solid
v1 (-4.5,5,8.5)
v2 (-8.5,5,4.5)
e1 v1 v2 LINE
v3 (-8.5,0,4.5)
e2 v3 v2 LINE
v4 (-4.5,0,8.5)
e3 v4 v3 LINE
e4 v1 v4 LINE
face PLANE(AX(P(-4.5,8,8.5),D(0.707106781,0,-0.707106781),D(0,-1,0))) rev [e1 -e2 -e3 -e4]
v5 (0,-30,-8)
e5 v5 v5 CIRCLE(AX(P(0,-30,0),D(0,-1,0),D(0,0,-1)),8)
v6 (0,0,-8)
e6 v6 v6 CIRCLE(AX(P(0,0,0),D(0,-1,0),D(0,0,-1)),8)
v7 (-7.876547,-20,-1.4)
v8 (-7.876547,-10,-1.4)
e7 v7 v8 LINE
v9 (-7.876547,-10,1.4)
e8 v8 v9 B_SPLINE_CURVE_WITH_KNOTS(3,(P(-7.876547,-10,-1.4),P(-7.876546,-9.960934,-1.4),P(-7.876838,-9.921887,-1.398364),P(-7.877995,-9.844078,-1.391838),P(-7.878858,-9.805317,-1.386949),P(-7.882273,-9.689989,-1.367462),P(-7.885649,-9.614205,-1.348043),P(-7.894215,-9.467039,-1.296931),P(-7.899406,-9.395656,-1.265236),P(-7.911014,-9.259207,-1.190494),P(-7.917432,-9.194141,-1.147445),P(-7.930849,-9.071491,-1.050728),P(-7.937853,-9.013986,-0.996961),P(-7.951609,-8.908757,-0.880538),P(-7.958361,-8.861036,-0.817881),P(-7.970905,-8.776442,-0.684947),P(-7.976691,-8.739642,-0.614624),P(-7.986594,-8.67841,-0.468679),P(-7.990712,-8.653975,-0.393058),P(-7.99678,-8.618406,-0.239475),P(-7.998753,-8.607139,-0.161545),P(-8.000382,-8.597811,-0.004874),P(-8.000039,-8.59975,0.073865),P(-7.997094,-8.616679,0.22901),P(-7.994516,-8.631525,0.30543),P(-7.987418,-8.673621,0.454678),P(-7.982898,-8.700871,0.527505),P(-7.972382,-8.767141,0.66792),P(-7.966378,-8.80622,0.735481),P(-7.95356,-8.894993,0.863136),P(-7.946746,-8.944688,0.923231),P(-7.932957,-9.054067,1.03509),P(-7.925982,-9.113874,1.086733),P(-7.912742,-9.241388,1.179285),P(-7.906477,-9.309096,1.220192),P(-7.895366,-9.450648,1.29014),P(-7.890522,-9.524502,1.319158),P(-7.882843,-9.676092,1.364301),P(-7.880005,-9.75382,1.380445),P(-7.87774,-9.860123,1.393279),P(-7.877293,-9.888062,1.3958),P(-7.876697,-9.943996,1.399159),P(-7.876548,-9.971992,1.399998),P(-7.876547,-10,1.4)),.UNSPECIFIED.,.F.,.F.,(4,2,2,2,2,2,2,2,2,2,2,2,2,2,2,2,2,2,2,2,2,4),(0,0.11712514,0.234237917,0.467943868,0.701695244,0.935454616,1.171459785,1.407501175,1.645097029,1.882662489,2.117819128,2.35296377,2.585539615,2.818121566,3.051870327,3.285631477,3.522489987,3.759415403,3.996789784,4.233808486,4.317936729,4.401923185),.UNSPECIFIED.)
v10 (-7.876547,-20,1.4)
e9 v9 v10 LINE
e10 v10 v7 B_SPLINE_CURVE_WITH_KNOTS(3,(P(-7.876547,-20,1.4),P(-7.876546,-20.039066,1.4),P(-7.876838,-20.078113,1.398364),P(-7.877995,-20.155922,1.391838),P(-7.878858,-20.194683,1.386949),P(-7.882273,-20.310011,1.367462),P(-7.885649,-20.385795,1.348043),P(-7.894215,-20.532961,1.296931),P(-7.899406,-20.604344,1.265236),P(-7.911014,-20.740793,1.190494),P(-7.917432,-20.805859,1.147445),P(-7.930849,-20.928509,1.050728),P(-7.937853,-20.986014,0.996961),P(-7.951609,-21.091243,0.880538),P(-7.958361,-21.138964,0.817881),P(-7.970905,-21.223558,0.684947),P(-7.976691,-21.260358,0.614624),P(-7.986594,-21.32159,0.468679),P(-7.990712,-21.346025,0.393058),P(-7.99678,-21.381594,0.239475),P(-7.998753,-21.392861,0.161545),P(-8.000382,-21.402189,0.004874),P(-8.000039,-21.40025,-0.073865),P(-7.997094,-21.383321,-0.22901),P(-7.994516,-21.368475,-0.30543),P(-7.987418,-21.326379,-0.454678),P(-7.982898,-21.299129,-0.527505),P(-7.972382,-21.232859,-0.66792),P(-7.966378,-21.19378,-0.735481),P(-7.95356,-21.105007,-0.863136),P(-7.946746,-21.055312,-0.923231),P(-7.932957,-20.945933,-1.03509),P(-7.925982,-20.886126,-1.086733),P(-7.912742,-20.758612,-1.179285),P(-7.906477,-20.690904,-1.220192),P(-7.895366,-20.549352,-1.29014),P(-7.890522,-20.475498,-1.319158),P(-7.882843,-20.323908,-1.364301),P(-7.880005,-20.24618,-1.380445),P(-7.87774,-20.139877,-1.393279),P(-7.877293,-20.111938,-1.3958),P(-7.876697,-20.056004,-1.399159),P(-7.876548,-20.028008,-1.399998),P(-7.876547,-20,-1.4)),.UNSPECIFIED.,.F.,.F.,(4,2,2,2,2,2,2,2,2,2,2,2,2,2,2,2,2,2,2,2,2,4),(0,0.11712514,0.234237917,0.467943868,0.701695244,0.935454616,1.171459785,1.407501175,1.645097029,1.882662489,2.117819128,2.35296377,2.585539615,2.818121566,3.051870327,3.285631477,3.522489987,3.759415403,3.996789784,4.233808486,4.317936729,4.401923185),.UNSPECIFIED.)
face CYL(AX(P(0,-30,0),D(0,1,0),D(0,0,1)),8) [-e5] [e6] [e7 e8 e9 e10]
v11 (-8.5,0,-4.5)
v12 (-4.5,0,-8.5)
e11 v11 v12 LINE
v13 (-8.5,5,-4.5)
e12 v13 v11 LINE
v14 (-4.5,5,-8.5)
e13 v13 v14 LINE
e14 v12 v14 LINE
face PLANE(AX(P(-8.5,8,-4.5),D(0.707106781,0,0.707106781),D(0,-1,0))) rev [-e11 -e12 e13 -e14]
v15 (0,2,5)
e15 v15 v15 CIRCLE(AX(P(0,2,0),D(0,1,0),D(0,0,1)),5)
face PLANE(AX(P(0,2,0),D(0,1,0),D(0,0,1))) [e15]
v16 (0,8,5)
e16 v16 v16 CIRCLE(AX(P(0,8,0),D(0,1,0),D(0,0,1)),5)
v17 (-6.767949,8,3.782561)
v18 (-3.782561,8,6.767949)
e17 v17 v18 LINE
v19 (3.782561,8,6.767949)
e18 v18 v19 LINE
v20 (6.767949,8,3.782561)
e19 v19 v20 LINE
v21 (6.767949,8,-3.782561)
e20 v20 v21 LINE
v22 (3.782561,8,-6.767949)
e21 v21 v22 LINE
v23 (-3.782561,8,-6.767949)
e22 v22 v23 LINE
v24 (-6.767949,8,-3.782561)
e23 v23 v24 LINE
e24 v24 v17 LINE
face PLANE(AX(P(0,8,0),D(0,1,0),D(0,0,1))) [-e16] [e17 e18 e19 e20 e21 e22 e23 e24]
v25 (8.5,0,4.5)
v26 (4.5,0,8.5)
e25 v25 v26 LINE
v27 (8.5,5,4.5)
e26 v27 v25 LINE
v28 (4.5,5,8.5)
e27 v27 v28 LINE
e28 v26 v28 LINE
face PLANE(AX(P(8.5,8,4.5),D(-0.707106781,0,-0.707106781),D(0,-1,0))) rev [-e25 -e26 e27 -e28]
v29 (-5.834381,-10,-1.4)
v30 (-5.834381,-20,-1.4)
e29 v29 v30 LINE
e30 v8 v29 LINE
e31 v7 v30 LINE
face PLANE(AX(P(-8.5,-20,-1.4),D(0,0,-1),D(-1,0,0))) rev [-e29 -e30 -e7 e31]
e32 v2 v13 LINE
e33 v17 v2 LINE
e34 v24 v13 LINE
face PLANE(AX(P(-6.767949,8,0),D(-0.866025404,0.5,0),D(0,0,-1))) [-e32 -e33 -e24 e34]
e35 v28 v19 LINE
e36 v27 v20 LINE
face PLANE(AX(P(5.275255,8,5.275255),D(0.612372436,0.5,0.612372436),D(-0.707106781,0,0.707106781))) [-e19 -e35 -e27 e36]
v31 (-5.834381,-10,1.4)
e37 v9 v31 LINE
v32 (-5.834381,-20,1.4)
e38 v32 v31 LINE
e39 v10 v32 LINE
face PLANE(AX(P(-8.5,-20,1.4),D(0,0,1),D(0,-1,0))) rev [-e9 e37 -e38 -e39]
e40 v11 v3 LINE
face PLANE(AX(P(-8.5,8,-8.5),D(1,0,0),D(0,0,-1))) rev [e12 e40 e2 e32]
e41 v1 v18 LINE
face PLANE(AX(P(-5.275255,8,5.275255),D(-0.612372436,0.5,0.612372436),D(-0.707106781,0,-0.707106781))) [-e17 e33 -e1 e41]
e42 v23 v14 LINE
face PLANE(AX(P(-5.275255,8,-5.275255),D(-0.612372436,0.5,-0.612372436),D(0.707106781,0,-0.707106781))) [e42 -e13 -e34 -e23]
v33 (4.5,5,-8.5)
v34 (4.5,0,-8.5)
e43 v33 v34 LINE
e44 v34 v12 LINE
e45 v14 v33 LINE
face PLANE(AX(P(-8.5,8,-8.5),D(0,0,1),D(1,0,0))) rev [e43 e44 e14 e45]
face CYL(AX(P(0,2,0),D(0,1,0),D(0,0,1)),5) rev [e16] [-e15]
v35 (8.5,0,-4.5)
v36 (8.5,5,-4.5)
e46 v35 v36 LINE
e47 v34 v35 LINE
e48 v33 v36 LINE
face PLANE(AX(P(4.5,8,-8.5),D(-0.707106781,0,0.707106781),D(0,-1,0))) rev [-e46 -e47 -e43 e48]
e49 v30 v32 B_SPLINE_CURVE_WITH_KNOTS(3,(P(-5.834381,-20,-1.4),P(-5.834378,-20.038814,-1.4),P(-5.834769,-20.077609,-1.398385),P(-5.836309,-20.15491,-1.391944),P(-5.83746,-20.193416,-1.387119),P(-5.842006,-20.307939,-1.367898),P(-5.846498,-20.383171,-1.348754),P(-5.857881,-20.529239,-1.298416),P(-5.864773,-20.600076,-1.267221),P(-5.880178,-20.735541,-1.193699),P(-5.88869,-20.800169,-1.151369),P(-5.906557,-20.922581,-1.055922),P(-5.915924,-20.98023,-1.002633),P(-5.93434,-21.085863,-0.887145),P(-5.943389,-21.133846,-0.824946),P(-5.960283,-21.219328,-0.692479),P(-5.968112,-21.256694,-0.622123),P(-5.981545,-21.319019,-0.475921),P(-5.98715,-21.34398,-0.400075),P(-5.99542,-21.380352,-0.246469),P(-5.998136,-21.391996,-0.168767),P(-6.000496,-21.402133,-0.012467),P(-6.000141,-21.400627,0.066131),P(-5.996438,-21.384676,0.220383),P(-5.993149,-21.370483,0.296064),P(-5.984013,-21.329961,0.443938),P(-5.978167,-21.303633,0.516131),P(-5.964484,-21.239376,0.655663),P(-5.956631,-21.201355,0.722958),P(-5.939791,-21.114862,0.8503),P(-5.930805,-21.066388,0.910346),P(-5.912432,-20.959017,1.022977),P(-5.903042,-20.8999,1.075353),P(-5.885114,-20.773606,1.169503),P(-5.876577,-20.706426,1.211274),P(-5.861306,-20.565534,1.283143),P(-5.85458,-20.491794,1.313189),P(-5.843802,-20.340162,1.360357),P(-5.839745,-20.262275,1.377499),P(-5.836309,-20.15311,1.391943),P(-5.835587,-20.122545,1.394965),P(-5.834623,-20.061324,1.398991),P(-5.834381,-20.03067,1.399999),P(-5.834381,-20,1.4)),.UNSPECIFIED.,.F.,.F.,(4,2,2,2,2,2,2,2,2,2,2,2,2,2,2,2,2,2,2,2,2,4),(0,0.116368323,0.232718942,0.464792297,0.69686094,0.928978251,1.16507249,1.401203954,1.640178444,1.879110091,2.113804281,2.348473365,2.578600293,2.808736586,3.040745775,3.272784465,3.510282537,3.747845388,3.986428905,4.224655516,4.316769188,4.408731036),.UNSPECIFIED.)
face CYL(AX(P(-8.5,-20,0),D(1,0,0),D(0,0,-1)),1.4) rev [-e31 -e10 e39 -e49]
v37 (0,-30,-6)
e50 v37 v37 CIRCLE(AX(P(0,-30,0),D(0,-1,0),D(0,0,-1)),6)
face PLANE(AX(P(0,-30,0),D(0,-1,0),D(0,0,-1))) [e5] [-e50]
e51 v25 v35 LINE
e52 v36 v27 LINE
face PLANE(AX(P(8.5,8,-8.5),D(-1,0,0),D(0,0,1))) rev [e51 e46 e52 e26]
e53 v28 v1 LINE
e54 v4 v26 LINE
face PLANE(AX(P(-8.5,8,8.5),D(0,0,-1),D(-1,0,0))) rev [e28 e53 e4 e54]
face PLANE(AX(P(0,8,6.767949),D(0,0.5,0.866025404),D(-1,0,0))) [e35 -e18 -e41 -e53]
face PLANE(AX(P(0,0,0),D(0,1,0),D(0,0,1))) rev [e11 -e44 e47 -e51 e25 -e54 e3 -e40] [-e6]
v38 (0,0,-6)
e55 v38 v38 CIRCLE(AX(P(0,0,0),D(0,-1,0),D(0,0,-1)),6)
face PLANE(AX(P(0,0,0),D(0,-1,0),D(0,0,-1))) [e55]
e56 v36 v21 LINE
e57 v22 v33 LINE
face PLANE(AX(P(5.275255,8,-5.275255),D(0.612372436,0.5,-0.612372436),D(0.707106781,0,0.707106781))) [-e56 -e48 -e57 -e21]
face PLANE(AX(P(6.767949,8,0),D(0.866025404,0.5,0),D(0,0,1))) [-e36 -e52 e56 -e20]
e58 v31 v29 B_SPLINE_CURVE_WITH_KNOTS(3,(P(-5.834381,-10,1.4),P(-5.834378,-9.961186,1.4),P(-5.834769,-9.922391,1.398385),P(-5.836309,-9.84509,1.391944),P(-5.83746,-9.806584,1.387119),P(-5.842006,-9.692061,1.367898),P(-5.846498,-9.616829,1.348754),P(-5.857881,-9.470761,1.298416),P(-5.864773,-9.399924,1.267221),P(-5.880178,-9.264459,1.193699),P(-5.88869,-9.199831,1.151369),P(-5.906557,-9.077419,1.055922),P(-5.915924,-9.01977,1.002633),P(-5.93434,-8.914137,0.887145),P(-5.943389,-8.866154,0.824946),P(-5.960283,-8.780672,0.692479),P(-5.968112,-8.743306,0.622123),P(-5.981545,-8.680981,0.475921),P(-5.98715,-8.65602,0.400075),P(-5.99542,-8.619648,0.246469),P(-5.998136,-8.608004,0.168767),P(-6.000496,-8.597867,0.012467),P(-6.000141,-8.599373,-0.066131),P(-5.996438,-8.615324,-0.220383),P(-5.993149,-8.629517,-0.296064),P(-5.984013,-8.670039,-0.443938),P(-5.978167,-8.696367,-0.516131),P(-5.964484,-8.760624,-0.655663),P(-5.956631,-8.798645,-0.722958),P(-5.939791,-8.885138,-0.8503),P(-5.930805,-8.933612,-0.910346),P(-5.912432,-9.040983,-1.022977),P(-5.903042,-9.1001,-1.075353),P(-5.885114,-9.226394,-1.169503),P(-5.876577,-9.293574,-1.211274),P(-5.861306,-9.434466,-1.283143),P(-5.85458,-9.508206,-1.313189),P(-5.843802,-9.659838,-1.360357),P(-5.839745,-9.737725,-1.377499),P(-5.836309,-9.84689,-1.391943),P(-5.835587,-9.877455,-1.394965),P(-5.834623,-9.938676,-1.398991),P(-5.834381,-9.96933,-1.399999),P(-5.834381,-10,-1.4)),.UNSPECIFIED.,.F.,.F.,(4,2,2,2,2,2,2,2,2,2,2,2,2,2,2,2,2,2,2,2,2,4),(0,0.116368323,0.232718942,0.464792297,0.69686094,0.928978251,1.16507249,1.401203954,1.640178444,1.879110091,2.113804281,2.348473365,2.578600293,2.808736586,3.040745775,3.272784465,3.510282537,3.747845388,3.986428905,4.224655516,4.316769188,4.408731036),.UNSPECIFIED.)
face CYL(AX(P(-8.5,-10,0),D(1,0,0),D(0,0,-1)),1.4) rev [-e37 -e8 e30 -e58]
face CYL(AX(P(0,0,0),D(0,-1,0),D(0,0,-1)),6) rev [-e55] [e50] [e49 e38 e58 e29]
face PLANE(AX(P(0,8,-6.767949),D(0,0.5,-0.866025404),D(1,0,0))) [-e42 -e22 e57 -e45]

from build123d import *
from OCP.BRepFilletAPI import BRepFilletAPI_MakeChamfer

# Parameters (mm, degrees)
SKETCH1_W           = 17
SKETCH1_H           = 17
BOSS_EXTRUDE1_DEPTH = 8
SKETCH5_R           = 8
BOSS_EXTRUDE3_DEPTH = 30
SKETCH6_R           = 6
CUT_EXTRUDE5_DEPTH  = 30
CUT_EXTRUDE6_DEPTH  = 33.318725222
CHAMFER1_SIZE       = 4
SKETCH11_R          = 5
CUT_EXTRUDE7_DEPTH  = 6
CHAMFER2_SIZE       = 3
CHAMFER2_SIZE2      = 1.732050808


with BuildPart() as part:
    # Sketch1 → Boss-Extrude1 (new body)
    with BuildSketch(Plane(origin=(0, 0, 0), x_dir=(1, 0, 0), z_dir=(0, 1, 0))):
        Rectangle(SKETCH1_W, SKETCH1_H)
    extrude(amount=BOSS_EXTRUDE1_DEPTH)

    # Sketch5 → Boss-Extrude3 (add)
    with BuildSketch(Plane.XZ):
        with Locations(Location((0, 0, 0), (0, 0, 270))):
            Circle(SKETCH5_R)
    extrude(amount=BOSS_EXTRUDE3_DEPTH)

    # Sketch6 → Cut-Extrude5 (cut)
    with BuildSketch(Plane.XZ.offset(30)):
        with Locations(Location((0, 0, 0), (0, 0, 270))):
            Circle(SKETCH6_R)
    extrude(amount=-CUT_EXTRUDE5_DEPTH, mode=Mode.SUBTRACT)

    # Sketch8 → Cut-Extrude6 (cut, through all)
    with BuildSketch(Plane(origin=(0, 0, 0), x_dir=(0, 0, -1), z_dir=(1, 0, 0))):
        with BuildLine():
            Line((-1.4, -20), (-1.4, -10))
            ThreePointArc((-1.4, -10), (0, -8.6), (1.4, -10))
            Line((1.4, -10), (1.4, -20))
            ThreePointArc((1.4, -20), (0, -21.4), (-1.4, -20))
        make_face()
    extrude(amount=-CUT_EXTRUDE6_DEPTH, mode=Mode.SUBTRACT)

    # Chamfer1
    chamfer1_edges = [part.edges().sort_by_distance(p)[0] for p in [
        (8.5, 4, 8.5),
        (-8.5, 4, 8.5),
        (-8.5, 4, -8.5),
        (8.5, 4, -8.5),
    ]]
    chamfer(chamfer1_edges, length=CHAMFER1_SIZE)

    # Sketch11 → Cut-Extrude7 (cut)
    with BuildSketch(Plane(origin=(0, 8, 0), x_dir=(1, 0, 0), z_dir=(0, 1, 0))):
        with Locations(Location((0, 0, 0), (0, 0, 270))):
            Circle(SKETCH11_R)
    extrude(amount=-CUT_EXTRUDE7_DEPTH, mode=Mode.SUBTRACT)

    # Chamfer2: one chamfer whose edges measure the first distance from different faces: ONE call of the kernel's chamfer builder (chamfer() names one face for all edges)
    chamfer2_edges_1 = [part.edges().sort_by_distance(p)[0] for p in [
        (0, 8, 8.5),
    ]]
    chamfer2_side_1 = [part.faces().sort_by_distance(p)[0] for p in [
        (0, 4, 8.5),
    ]]
    chamfer2_edges_2 = [part.edges().sort_by_distance(p)[0] for p in [
        (-8.5, 8, 0),
    ]]
    chamfer2_side_2 = [part.faces().sort_by_distance(p)[0] for p in [
        (-8.5, 4, 0),
    ]]
    chamfer2_edges_3 = [part.edges().sort_by_distance(p)[0] for p in [
        (8.5, 8, 0),
    ]]
    chamfer2_side_3 = [part.faces().sort_by_distance(p)[0] for p in [
        (8.5, 4, 0),
    ]]
    chamfer2_edges_4 = [part.edges().sort_by_distance(p)[0] for p in [
        (0, 8, -8.5),
    ]]
    chamfer2_side_4 = [part.faces().sort_by_distance(p)[0] for p in [
        (0, 4, -8.5),
    ]]
    chamfer2_edges_5 = [part.edges().sort_by_distance(p)[0] for p in [
        (6.5, 8, -6.5),
    ]]
    chamfer2_side_5 = [part.faces().sort_by_distance(p)[0] for p in [
        (6.5, 4, -6.5),
    ]]
    chamfer2_edges_6 = [part.edges().sort_by_distance(p)[0] for p in [
        (-6.5, 8, -6.5),
    ]]
    chamfer2_side_6 = [part.faces().sort_by_distance(p)[0] for p in [
        (-6.5, 4, -6.5),
    ]]
    chamfer2_edges_7 = [part.edges().sort_by_distance(p)[0] for p in [
        (6.5, 8, 6.5),
    ]]
    chamfer2_side_7 = [part.faces().sort_by_distance(p)[0] for p in [
        (6.5, 4, 6.5),
    ]]
    chamfer2_edges_8 = [part.edges().sort_by_distance(p)[0] for p in [
        (-6.5, 8, 6.5),
    ]]
    chamfer2_side_8 = [part.faces().sort_by_distance(p)[0] for p in [
        (-6.5, 4, 6.5),
    ]]
    chamfer2 = BRepFilletAPI_MakeChamfer(part.part.solid().wrapped)
    for e in chamfer2_edges_1:
        chamfer2.Add(CHAMFER2_SIZE, CHAMFER2_SIZE2, e.wrapped, chamfer2_side_1[0].wrapped)  # the first distance lies on this face
    for e in chamfer2_edges_2:
        chamfer2.Add(CHAMFER2_SIZE, CHAMFER2_SIZE2, e.wrapped, chamfer2_side_2[0].wrapped)  # the first distance lies on this face
    for e in chamfer2_edges_3:
        chamfer2.Add(CHAMFER2_SIZE, CHAMFER2_SIZE2, e.wrapped, chamfer2_side_3[0].wrapped)  # the first distance lies on this face
    for e in chamfer2_edges_4:
        chamfer2.Add(CHAMFER2_SIZE, CHAMFER2_SIZE2, e.wrapped, chamfer2_side_4[0].wrapped)  # the first distance lies on this face
    for e in chamfer2_edges_5:
        chamfer2.Add(CHAMFER2_SIZE, CHAMFER2_SIZE2, e.wrapped, chamfer2_side_5[0].wrapped)  # the first distance lies on this face
    for e in chamfer2_edges_6:
        chamfer2.Add(CHAMFER2_SIZE, CHAMFER2_SIZE2, e.wrapped, chamfer2_side_6[0].wrapped)  # the first distance lies on this face
    for e in chamfer2_edges_7:
        chamfer2.Add(CHAMFER2_SIZE, CHAMFER2_SIZE2, e.wrapped, chamfer2_side_7[0].wrapped)  # the first distance lies on this face
    for e in chamfer2_edges_8:
        chamfer2.Add(CHAMFER2_SIZE, CHAMFER2_SIZE2, e.wrapped, chamfer2_side_8[0].wrapped)  # the first distance lies on this face
    add(Compound.cast(chamfer2.Shape()), mode=Mode.REPLACE)


solid = part.part
